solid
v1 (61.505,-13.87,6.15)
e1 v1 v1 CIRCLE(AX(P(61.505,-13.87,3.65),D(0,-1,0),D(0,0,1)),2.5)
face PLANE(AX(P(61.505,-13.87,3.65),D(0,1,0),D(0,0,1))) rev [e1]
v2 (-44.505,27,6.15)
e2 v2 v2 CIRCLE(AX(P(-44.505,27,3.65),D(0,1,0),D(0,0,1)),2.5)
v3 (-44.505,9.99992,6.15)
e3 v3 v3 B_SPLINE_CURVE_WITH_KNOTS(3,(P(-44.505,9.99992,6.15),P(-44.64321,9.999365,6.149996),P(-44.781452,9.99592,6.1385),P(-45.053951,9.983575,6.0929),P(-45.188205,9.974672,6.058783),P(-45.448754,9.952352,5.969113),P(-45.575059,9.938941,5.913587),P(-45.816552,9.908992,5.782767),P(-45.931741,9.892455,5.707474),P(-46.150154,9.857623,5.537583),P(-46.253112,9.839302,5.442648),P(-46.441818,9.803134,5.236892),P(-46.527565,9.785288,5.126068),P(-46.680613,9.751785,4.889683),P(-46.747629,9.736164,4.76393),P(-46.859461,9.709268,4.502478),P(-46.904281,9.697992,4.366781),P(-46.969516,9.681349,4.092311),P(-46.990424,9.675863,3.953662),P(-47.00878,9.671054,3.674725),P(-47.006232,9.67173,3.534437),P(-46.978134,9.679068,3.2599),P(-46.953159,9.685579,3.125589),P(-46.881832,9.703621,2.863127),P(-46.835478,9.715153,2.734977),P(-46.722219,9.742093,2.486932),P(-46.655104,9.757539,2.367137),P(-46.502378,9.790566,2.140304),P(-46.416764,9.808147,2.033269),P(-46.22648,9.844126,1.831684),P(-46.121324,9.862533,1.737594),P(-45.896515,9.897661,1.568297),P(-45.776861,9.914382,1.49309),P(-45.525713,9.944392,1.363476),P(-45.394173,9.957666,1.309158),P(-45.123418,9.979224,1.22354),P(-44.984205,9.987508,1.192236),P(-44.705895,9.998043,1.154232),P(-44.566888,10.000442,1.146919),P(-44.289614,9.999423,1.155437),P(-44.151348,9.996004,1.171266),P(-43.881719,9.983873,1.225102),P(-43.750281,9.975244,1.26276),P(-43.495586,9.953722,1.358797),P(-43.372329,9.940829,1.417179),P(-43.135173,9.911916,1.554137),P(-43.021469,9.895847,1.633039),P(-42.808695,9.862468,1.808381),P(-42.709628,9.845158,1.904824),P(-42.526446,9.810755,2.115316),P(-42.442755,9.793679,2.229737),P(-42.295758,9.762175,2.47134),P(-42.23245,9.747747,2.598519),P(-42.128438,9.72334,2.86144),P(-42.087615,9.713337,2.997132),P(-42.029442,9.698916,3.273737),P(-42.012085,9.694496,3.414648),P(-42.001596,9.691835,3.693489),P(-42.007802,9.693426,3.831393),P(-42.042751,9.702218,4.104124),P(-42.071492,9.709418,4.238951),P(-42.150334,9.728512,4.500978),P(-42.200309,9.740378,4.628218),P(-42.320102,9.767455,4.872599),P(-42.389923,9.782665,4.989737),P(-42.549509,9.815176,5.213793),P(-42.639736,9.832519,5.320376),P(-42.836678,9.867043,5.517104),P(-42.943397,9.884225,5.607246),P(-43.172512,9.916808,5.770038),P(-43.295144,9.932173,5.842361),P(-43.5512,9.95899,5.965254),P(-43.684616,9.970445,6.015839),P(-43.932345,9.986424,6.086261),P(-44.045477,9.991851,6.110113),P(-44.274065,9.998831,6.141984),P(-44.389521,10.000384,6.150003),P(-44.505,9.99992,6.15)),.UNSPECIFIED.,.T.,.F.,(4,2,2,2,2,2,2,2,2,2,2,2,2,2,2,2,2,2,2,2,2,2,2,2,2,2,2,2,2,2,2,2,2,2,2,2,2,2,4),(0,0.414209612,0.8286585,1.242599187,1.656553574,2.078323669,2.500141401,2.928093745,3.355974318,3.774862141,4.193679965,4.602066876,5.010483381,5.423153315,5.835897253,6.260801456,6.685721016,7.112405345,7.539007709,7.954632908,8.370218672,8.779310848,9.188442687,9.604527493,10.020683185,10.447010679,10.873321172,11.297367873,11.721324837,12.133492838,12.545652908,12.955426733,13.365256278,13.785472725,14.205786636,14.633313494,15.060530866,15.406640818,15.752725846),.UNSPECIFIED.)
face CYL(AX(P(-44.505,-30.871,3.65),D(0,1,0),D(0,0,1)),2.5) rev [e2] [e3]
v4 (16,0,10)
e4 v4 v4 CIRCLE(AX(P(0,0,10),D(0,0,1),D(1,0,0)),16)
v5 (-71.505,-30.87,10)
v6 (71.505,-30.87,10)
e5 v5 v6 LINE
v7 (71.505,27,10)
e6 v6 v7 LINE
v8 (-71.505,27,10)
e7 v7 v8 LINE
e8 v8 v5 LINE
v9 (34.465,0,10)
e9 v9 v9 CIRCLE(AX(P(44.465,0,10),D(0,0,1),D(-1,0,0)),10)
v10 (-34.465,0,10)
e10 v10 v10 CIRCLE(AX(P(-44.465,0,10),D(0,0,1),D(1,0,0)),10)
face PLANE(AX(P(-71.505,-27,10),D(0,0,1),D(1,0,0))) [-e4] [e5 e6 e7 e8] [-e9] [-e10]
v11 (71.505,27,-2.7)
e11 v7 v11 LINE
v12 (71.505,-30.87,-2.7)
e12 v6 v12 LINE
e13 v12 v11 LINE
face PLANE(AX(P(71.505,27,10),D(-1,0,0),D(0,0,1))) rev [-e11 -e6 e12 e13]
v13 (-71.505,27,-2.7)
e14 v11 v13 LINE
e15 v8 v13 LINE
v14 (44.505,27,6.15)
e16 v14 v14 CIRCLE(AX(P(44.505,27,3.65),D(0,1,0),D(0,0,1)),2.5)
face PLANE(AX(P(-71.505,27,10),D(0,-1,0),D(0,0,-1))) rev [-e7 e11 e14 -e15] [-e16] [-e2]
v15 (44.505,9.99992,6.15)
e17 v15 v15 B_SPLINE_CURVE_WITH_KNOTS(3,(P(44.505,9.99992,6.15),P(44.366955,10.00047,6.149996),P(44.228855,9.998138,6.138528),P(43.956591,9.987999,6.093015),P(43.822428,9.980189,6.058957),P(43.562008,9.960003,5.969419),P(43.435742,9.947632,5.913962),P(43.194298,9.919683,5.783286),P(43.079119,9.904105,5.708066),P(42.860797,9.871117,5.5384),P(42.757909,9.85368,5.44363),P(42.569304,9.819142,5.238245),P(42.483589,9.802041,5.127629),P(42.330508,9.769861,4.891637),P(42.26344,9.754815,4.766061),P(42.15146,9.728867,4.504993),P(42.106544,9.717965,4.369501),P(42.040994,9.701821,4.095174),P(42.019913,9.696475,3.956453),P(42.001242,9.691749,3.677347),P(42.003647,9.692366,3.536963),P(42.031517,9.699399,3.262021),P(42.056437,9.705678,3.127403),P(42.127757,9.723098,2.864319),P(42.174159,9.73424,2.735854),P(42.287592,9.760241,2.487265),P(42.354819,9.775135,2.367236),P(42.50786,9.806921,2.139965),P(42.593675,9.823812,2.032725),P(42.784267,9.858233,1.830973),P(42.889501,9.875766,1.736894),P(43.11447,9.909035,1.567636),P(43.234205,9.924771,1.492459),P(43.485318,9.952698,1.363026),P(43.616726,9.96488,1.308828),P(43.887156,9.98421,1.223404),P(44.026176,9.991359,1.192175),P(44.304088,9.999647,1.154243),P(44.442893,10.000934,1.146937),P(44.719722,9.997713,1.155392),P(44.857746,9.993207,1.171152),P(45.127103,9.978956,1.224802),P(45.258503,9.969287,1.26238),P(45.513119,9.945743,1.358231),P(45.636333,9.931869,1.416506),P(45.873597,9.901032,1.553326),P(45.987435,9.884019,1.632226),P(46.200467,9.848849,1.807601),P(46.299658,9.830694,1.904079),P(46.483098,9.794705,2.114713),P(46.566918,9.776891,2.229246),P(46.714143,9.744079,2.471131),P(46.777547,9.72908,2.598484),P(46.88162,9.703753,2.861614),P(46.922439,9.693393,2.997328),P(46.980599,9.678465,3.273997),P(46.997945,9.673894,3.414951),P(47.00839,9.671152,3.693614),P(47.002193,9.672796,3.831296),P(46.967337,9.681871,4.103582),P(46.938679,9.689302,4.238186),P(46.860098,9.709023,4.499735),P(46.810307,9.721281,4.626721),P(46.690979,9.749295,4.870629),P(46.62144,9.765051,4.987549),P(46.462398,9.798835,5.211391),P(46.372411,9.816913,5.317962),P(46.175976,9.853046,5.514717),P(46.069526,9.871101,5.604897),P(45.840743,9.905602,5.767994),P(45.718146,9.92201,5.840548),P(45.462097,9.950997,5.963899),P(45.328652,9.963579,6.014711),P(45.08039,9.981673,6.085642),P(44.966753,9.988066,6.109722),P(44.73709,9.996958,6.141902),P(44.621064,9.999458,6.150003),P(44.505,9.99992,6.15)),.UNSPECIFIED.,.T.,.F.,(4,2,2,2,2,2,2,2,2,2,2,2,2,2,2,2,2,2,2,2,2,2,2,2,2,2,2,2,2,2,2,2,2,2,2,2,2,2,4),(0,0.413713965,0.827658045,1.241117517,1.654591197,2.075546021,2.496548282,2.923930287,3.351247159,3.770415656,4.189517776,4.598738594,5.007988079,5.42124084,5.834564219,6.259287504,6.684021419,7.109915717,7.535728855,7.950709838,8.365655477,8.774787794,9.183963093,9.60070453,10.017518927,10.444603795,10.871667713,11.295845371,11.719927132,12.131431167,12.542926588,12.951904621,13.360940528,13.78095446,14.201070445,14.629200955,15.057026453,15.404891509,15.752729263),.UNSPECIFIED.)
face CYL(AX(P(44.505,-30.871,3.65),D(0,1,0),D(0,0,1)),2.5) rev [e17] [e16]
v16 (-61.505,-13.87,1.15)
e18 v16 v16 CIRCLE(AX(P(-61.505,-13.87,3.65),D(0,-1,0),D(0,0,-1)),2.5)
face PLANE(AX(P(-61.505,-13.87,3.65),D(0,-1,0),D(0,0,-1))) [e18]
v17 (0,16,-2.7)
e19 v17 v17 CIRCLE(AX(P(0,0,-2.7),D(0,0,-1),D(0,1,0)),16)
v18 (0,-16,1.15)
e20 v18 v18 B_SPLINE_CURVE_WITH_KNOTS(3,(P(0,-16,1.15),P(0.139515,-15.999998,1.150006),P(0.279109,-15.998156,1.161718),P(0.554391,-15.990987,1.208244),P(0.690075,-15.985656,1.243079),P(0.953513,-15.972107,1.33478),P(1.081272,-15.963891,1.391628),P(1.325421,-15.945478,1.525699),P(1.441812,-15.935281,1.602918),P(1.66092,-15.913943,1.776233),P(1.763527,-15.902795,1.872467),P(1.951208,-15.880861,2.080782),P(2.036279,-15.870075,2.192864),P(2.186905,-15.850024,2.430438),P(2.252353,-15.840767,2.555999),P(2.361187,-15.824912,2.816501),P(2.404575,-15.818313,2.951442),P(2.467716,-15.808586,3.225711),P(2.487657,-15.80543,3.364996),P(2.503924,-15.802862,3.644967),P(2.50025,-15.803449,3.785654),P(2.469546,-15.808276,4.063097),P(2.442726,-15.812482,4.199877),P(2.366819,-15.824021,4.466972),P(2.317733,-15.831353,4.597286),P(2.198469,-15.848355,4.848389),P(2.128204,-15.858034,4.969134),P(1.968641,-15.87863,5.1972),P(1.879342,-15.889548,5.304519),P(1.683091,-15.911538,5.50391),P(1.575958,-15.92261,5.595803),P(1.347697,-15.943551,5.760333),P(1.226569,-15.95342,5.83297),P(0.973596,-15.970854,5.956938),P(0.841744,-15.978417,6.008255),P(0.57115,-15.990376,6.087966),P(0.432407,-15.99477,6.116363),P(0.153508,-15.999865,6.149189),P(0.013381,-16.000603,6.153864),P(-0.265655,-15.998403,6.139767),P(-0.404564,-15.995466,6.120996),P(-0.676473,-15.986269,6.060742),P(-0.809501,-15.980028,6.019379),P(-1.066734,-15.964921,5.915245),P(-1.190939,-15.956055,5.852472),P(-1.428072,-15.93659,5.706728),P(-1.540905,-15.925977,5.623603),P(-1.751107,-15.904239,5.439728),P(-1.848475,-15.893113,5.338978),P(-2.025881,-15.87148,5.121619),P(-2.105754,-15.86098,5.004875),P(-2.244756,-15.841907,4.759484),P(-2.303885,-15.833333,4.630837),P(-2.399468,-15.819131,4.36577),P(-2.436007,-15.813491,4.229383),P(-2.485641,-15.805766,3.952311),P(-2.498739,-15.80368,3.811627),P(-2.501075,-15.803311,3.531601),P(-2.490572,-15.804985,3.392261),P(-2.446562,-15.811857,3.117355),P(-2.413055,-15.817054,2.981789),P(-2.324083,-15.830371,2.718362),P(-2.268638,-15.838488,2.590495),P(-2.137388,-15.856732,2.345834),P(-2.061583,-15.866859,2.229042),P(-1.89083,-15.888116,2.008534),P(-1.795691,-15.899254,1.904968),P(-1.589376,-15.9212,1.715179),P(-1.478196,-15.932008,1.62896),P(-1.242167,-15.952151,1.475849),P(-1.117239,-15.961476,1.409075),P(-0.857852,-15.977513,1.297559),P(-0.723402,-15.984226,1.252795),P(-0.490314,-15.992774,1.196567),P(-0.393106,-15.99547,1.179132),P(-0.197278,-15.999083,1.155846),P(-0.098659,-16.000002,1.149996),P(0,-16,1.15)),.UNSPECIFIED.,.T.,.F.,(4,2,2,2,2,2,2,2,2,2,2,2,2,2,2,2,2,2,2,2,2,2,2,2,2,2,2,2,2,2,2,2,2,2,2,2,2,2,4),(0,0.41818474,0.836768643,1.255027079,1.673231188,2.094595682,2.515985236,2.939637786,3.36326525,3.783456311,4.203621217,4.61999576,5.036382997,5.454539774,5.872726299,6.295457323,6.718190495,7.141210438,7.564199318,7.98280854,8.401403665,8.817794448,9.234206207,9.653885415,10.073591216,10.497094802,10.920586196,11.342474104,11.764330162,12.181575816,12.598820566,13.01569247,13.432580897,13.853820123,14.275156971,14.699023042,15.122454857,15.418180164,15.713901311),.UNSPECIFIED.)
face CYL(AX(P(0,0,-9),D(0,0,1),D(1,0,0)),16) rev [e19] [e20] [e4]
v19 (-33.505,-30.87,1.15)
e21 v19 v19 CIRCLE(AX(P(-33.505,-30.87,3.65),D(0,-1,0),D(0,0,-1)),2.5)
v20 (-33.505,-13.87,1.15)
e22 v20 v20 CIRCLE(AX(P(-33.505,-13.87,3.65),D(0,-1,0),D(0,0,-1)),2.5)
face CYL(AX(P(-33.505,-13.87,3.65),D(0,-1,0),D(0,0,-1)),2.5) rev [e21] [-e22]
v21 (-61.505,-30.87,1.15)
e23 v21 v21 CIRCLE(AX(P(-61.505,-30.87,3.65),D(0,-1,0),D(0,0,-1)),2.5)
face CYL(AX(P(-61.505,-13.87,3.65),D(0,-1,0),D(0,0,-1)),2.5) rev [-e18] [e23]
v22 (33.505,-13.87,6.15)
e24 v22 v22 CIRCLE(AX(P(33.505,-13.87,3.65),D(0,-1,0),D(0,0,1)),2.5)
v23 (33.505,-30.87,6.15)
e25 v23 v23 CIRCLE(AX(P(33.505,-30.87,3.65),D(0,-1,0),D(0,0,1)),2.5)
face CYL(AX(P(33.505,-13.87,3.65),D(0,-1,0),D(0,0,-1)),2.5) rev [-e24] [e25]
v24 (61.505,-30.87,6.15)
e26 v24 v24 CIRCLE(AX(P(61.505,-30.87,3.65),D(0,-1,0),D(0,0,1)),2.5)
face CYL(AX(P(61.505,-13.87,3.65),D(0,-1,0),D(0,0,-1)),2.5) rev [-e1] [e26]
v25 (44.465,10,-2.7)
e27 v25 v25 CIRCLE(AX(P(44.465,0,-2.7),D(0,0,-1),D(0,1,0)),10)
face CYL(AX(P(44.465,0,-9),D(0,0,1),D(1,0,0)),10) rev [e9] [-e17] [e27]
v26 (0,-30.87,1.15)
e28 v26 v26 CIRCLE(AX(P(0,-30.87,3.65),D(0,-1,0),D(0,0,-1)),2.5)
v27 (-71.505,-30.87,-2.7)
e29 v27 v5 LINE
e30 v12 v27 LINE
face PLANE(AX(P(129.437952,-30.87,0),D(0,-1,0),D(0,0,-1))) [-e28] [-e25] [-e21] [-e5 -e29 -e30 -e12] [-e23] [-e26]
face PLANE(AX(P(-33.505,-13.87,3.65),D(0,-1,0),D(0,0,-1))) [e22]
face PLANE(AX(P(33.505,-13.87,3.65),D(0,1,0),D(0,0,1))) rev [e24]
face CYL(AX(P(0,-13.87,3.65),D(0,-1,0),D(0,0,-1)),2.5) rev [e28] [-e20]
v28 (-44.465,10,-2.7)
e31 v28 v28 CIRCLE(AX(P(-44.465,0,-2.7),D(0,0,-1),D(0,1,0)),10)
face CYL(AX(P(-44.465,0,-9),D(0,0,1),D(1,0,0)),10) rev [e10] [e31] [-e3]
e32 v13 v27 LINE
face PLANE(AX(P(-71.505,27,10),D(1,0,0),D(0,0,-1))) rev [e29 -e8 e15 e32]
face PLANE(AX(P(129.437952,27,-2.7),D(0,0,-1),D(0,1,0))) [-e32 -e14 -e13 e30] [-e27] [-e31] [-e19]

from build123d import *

# Parameters (mm, degrees)
ESBO_O1_W                = 143.01
ESBO_O1_H                = 54
RESSALTO_EXTRUS_O1_DEPTH = 10
ESBO_O14_W               = 2.7
ESBO_O14_H               = 57.87
RESSALTO_EXTRUS_O3_DEPTH = 143.01
ESBO_O2_R                = 16
CIRCULO_ROLAMENTO_DEPTH  = 19
ESBO_O7_R                = 10
CORTE_EXTRUS_O3_DEPTH    = 19
ESBO_O8_W                = 143.01
ESBO_O8_H                = 3.87
RESSALTO_EXTRUS_O2_DEPTH = 10
ESBO_O12_R               = 2.5
CORTE_EXTRUS_O6_DEPTH    = 17
CORTE_EXTRUS_O7_REACH    = 94.531
ESBO_O15_R               = 2.5


with BuildPart() as part:
    # Esboço1 → Ressalto-extrusão1 (new body)
    with BuildSketch(Plane.XY):
        Rectangle(ESBO_O1_W, ESBO_O1_H)
    extrude(amount=RESSALTO_EXTRUS_O1_DEPTH)

    # Esboço14 → Ressalto-extrusão3 (add)
    with BuildSketch(Plane.ZY.offset(71.505)):
        with Locations((-1.35, -1.935)):
            Rectangle(ESBO_O14_W, ESBO_O14_H)
    extrude(amount=-RESSALTO_EXTRUS_O3_DEPTH)

    # Esboço2 → Circulo rolamento (cut)
    with BuildSketch(Plane.XY.offset(10)):
        Circle(ESBO_O2_R)
    extrude(amount=-CIRCULO_ROLAMENTO_DEPTH, mode=Mode.SUBTRACT)

    # Esboço7 → Corte-extrusão3 (cut)
    with BuildSketch(Plane.XY.offset(10)):
        with Locations((-44.465, 0)):
            Circle(ESBO_O7_R)
        with Locations(Location((44.465, 0, 0), (0, 0, 90))):
            Circle(ESBO_O7_R)
    extrude(amount=-CORTE_EXTRUS_O3_DEPTH, mode=Mode.SUBTRACT)

    # Esboço8 → Ressalto-extrusão2 (add)
    with BuildSketch(Plane.XY.offset(10)):
        with Locations((0, -28.935)):
            Rectangle(ESBO_O8_W, ESBO_O8_H)
    extrude(amount=-RESSALTO_EXTRUS_O2_DEPTH)

    # Esboço12 → Corte-extrusão6 (cut)
    with BuildSketch(Plane.XZ.offset(30.87)):
        with Locations(Location((-61.505, 3.65, 0), (0, 0, 270))):
            Circle(ESBO_O12_R)
        with Locations(Location((61.505, 3.65, 0), (0, 0, 90))):
            Circle(ESBO_O12_R)
        with Locations(Location((0, 3.65, 0), (0, 0, 270))):
            Circle(ESBO_O12_R)
        with Locations(Location((-33.505, 3.65, 0), (0, 0, 270))):
            Circle(ESBO_O12_R)
        with Locations(Location((33.505, 3.65, 0), (0, 0, 90))):
            Circle(ESBO_O12_R)
    extrude(amount=-CORTE_EXTRUS_O6_DEPTH, mode=Mode.SUBTRACT)

    # Esboço15 → Corte-extrusão7 (cut, up to next)
    with BuildSketch(Plane(origin=(0, 27, 0), x_dir=(1, 0, 0), z_dir=(0, 1, 0)), mode=Mode.PRIVATE) as corte_extrus_o7_sk1:
        with Locations(Location((-44.505, -3.65, 0), (0, 0, 270))):
            Circle(ESBO_O15_R)
    corte_extrus_o7_tool1 = extrude(corte_extrus_o7_sk1.sketch, amount=-CORTE_EXTRUS_O7_REACH, mode=Mode.PRIVATE) & part.part
    # Esboço15 → Corte-extrusão7 (cut, up to next)
    with BuildSketch(Plane(origin=(0, 27, 0), x_dir=(1, 0, 0), z_dir=(0, 1, 0)), mode=Mode.PRIVATE) as corte_extrus_o7_sk2:
        with Locations(Location((44.505, -3.65, 0), (0, 0, 270))):
            Circle(ESBO_O15_R)
    corte_extrus_o7_tool2 = extrude(corte_extrus_o7_sk2.sketch, amount=-CORTE_EXTRUS_O7_REACH, mode=Mode.PRIVATE) & part.part
    add(corte_extrus_o7_tool1.solids().sort_by_distance((-44.505, 27, 3.65))[0], mode=Mode.SUBTRACT)
    add(corte_extrus_o7_tool2.solids().sort_by_distance((44.505, 27, 3.65))[0], mode=Mode.SUBTRACT)


solid = part.part
